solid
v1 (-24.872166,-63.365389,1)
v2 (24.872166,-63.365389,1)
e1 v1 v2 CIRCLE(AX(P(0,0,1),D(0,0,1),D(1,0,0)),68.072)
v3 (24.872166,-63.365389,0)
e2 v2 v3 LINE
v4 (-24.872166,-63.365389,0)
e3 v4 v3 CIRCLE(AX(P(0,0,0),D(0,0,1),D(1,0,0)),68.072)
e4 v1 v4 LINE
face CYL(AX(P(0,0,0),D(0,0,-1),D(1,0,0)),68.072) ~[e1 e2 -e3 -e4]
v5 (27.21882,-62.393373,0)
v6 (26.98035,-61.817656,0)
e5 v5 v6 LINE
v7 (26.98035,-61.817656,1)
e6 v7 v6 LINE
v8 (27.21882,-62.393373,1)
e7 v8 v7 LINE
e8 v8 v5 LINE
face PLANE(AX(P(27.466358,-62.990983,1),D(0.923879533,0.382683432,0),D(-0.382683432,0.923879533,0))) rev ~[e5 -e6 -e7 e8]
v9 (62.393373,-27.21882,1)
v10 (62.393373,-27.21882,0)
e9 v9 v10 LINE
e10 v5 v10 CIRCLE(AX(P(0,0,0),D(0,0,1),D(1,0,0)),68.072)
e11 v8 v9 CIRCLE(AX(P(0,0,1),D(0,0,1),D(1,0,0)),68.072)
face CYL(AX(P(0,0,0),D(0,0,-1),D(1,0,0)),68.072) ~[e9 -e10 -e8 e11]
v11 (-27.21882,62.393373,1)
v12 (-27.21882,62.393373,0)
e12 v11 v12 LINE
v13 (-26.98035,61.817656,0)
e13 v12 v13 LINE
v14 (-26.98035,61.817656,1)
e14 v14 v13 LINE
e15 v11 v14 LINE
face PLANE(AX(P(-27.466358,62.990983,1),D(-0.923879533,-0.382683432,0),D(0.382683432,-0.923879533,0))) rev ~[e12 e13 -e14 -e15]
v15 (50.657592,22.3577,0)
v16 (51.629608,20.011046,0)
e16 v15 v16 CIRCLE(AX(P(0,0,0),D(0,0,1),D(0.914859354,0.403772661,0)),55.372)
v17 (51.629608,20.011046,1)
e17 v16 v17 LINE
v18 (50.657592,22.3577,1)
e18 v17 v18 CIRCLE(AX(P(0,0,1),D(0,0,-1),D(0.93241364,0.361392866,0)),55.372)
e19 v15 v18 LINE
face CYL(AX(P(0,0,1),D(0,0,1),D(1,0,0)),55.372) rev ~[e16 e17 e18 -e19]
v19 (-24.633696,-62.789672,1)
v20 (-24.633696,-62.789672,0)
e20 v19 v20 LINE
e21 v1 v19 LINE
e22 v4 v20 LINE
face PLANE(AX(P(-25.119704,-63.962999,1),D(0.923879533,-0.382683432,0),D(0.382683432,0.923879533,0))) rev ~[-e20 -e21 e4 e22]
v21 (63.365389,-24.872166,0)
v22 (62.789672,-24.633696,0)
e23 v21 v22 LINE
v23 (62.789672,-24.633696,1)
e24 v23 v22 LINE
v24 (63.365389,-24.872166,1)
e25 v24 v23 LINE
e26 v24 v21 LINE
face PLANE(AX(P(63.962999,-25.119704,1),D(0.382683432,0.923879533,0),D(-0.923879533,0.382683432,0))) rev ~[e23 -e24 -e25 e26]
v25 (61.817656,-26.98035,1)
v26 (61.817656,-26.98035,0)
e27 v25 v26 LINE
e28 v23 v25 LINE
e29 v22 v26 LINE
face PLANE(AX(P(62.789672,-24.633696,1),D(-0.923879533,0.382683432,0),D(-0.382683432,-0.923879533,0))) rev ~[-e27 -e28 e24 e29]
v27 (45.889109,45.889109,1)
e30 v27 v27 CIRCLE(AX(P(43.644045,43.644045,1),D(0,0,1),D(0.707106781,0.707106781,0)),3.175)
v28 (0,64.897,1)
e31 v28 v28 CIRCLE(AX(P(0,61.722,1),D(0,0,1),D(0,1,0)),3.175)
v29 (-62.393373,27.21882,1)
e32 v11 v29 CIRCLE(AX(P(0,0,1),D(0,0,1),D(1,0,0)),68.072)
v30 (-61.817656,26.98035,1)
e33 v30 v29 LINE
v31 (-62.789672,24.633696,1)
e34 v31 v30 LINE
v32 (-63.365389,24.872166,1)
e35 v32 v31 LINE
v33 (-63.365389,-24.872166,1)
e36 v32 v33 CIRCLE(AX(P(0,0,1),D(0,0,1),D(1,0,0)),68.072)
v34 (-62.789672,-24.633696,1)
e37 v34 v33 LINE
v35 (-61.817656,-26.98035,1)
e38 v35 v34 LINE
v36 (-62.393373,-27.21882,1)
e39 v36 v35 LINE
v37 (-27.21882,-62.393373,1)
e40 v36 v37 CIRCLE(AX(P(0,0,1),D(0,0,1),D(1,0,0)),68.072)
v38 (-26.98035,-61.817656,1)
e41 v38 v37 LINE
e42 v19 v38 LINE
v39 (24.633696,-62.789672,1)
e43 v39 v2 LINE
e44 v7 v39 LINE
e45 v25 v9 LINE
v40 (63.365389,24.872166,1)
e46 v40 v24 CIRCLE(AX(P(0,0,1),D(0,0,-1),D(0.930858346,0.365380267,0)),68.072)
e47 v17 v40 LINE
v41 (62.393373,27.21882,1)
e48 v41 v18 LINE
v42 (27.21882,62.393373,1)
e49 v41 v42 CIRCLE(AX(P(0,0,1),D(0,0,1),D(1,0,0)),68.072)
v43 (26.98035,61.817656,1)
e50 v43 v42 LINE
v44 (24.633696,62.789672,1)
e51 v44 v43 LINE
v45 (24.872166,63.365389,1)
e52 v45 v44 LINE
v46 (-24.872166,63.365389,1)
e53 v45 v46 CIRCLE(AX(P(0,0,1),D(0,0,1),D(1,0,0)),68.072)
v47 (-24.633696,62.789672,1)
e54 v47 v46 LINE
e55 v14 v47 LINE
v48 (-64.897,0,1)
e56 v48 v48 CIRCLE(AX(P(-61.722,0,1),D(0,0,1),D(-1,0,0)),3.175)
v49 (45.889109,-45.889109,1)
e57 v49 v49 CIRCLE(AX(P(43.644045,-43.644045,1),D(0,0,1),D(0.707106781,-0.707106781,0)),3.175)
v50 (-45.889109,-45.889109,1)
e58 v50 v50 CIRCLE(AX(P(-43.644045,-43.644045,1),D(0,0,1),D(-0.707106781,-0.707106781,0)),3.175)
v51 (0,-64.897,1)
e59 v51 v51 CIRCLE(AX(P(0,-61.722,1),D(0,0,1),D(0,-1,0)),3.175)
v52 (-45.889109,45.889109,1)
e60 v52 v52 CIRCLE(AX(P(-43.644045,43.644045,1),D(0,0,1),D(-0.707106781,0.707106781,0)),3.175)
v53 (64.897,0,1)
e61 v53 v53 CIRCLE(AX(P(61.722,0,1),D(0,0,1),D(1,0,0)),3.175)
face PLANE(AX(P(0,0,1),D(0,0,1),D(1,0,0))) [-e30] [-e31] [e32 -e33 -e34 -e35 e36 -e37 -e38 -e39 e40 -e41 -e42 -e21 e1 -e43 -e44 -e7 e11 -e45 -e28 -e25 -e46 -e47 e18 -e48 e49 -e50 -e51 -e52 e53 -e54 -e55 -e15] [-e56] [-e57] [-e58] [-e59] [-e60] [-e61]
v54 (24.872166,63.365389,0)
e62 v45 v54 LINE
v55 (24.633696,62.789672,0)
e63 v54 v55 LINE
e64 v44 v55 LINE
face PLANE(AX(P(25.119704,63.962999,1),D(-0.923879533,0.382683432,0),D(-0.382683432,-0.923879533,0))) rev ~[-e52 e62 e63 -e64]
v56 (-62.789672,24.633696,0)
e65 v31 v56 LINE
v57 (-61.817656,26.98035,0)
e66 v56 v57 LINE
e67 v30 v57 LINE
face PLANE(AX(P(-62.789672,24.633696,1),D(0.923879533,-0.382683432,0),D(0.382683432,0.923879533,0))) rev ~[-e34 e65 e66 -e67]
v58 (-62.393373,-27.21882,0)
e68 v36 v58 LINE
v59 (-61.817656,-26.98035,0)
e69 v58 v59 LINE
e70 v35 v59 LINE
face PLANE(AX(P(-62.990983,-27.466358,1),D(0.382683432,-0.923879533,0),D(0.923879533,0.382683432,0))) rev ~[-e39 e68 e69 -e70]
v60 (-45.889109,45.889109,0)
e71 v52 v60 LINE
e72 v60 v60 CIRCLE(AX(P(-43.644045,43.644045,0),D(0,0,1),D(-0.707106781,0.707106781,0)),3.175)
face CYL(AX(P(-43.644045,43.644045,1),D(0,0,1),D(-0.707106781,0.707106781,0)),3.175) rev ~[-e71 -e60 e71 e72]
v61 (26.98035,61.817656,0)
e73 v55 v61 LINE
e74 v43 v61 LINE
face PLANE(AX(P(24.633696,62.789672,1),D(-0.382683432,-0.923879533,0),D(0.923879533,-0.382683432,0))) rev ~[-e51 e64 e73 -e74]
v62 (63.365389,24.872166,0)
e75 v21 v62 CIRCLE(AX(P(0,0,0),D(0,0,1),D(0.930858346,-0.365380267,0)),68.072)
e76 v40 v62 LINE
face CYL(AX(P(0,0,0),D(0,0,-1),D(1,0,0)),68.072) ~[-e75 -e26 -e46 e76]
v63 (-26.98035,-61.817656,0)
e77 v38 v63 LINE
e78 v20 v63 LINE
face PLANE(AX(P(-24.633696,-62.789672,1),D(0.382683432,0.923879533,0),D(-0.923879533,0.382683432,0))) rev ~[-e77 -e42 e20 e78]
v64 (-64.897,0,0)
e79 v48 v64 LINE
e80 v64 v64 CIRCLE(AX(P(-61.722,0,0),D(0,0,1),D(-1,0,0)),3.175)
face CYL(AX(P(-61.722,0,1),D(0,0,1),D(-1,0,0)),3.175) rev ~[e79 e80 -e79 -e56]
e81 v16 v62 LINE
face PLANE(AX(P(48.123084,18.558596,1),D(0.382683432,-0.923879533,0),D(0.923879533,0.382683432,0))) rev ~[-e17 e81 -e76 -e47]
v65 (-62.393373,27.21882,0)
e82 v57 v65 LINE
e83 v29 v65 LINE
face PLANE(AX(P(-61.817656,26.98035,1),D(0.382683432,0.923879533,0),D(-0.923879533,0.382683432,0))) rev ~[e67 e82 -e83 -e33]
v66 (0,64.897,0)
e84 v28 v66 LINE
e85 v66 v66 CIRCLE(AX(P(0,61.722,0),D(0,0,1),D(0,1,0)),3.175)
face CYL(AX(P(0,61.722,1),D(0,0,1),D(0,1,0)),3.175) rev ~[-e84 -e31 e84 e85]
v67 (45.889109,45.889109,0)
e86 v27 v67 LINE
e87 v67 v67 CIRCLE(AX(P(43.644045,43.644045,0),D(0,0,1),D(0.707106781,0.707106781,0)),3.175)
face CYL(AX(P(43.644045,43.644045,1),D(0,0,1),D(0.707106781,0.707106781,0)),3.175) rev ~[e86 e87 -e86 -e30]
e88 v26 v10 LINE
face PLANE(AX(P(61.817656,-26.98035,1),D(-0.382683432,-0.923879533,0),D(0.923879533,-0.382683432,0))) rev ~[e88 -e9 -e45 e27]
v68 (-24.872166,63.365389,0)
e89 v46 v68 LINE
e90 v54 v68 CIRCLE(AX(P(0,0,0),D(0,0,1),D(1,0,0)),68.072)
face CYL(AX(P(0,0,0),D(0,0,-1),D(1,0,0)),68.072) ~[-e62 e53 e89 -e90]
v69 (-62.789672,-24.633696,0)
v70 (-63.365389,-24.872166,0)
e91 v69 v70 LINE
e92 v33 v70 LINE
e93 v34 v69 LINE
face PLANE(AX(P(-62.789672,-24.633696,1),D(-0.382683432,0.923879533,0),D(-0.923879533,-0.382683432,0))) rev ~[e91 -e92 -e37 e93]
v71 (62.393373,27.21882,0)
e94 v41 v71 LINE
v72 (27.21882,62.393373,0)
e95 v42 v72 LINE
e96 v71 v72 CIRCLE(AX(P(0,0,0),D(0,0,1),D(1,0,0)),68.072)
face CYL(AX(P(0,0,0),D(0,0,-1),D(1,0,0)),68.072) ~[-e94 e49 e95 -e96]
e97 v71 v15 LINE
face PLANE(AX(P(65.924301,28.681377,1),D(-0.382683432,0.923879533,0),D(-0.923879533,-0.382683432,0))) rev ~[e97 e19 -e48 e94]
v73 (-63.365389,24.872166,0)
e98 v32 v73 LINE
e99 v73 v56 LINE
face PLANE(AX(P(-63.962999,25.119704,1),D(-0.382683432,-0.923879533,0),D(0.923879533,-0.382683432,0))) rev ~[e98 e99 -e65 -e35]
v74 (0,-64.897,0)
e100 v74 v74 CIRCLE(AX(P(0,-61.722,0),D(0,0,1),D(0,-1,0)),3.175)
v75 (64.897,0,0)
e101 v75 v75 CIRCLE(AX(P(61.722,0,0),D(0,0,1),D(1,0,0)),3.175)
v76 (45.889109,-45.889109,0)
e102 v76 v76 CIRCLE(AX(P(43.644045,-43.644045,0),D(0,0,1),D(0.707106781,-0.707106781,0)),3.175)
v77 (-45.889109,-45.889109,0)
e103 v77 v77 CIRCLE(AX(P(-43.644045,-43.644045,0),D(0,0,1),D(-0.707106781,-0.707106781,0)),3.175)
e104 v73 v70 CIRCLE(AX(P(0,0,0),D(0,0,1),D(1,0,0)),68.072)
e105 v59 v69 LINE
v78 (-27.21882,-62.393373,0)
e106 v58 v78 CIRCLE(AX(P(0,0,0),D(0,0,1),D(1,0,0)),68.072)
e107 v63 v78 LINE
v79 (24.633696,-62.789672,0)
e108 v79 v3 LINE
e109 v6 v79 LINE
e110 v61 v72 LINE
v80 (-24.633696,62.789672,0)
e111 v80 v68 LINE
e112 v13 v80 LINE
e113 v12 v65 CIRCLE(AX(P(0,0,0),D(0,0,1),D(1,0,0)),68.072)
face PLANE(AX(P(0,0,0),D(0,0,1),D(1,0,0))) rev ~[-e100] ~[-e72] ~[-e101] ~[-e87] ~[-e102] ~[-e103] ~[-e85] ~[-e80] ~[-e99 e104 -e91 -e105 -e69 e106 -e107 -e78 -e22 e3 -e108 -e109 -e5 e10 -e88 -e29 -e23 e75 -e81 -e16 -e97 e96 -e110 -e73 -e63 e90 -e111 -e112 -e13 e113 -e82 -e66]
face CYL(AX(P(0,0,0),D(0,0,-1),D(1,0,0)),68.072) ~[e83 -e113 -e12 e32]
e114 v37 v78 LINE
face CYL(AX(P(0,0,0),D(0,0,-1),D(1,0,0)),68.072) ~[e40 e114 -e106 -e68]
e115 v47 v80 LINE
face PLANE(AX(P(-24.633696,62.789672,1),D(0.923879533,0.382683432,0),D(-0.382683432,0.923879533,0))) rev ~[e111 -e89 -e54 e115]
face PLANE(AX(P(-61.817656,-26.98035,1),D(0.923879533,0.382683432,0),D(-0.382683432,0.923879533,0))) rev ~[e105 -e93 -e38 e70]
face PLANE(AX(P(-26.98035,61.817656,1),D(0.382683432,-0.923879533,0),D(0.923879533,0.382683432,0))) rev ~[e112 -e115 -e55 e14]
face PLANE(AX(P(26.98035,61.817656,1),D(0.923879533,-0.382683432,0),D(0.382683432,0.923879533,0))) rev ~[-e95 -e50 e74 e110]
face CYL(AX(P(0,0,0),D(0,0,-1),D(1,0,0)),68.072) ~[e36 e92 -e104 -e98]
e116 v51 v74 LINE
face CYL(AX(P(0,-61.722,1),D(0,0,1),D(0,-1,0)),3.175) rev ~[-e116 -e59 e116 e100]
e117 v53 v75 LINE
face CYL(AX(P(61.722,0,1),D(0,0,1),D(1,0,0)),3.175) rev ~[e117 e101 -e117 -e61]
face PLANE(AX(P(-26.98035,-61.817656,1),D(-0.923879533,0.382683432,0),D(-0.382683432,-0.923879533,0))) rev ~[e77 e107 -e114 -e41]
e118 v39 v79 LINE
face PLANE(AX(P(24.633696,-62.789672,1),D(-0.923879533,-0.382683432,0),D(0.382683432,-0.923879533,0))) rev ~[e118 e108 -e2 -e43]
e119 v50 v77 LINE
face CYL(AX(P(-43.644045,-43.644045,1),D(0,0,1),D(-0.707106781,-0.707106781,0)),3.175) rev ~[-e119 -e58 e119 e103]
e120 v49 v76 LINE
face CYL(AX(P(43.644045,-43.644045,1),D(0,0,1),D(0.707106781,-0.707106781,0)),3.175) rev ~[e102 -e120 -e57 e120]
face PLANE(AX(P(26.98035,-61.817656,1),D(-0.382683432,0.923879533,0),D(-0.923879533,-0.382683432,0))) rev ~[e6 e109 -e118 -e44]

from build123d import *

# Parameters (mm, degrees)
SKETCH4_R           = 68.072
BOSS_EXTRUDE2_DEPTH = 1
SKETCH5_R           = 55.372
CUT_EXTRUDE5_DEPTH  = 2
SKETCH6_R           = 3.175
CUT_EXTRUDE6_DEPTH  = 2
CIRPATTERN1_COUNT   = 8
CUT_EXTRUDE11_DEPTH = 2


with BuildPart() as part:
    # Sketch4 → Boss-Extrude2 (new body)
    with BuildSketch(Plane.XY):
        Circle(SKETCH4_R)
    extrude(amount=BOSS_EXTRUDE2_DEPTH)

    # Sketch5 → Cut-Extrude5 (cut, through all)
    with BuildSketch(Plane.XY.offset(1)):
        Circle(SKETCH5_R)
    extrude(amount=-CUT_EXTRUDE5_DEPTH, mode=Mode.SUBTRACT)

    # Sketch6 → Cut-Extrude6 (cut, through all)
    with BuildSketch(Plane.XY.offset(1)):
        with Locations((61.722, 0)):
            Circle(SKETCH6_R)
    cut_extrude6 = extrude(amount=-CUT_EXTRUDE6_DEPTH, mode=Mode.SUBTRACT)

    # CirPattern1: Cut-Extrude6 ×8 about axis
    cirpattern1_axis = Axis((0, 0, 0), (0, 0, 1))
    for i in range(1, CIRPATTERN1_COUNT):
        add(cut_extrude6.rotate(cirpattern1_axis, i * 360 / CIRPATTERN1_COUNT), mode=Mode.SUBTRACT)

    # Sketch8 → Cut-Extrude11 (cut, through all)
    with BuildSketch(Plane.XY.offset(1)):
        Polygon((65.924300597, 28.681377492), (47.151068496, 20.905250146), (48.123084414, 18.558596133), (66.896316515, 26.334723479), align=None)
        Polygon((27.466357594, 62.990983081), (25.119703581, 63.962998999), (24.633695622, 62.789671993), (26.980349635, 61.817656075), align=None)
        Polygon((-25.119703581, 63.962998999), (-27.466357594, 62.990983081), (-26.980349635, 61.817656075), (-24.633695622, 62.789671993), align=None)
        Polygon((-62.990983081, 27.466357594), (-63.962998999, 25.119703581), (-62.789671993, 24.633695622), (-61.817656075, 26.980349635), align=None)
        Polygon((-63.962998999, -25.119703581), (-62.990983081, -27.466357594), (-61.817656075, -26.980349635), (-62.789671993, -24.633695622), align=None)
        Polygon((-27.466357594, -62.990983081), (-25.119703581, -63.962998999), (-24.633695622, -62.789671993), (-26.980349635, -61.817656075), align=None)
        Polygon((25.119703581, -63.962998999), (27.466357594, -62.990983081), (26.980349635, -61.817656075), (24.633695622, -62.789671993), align=None)
        Polygon((62.990983081, -27.466357594), (63.962998999, -25.119703581), (62.789671993, -24.633695622), (61.817656075, -26.980349635), align=None)
    extrude(amount=-CUT_EXTRUDE11_DEPTH, mode=Mode.SUBTRACT)


solid = part.part
